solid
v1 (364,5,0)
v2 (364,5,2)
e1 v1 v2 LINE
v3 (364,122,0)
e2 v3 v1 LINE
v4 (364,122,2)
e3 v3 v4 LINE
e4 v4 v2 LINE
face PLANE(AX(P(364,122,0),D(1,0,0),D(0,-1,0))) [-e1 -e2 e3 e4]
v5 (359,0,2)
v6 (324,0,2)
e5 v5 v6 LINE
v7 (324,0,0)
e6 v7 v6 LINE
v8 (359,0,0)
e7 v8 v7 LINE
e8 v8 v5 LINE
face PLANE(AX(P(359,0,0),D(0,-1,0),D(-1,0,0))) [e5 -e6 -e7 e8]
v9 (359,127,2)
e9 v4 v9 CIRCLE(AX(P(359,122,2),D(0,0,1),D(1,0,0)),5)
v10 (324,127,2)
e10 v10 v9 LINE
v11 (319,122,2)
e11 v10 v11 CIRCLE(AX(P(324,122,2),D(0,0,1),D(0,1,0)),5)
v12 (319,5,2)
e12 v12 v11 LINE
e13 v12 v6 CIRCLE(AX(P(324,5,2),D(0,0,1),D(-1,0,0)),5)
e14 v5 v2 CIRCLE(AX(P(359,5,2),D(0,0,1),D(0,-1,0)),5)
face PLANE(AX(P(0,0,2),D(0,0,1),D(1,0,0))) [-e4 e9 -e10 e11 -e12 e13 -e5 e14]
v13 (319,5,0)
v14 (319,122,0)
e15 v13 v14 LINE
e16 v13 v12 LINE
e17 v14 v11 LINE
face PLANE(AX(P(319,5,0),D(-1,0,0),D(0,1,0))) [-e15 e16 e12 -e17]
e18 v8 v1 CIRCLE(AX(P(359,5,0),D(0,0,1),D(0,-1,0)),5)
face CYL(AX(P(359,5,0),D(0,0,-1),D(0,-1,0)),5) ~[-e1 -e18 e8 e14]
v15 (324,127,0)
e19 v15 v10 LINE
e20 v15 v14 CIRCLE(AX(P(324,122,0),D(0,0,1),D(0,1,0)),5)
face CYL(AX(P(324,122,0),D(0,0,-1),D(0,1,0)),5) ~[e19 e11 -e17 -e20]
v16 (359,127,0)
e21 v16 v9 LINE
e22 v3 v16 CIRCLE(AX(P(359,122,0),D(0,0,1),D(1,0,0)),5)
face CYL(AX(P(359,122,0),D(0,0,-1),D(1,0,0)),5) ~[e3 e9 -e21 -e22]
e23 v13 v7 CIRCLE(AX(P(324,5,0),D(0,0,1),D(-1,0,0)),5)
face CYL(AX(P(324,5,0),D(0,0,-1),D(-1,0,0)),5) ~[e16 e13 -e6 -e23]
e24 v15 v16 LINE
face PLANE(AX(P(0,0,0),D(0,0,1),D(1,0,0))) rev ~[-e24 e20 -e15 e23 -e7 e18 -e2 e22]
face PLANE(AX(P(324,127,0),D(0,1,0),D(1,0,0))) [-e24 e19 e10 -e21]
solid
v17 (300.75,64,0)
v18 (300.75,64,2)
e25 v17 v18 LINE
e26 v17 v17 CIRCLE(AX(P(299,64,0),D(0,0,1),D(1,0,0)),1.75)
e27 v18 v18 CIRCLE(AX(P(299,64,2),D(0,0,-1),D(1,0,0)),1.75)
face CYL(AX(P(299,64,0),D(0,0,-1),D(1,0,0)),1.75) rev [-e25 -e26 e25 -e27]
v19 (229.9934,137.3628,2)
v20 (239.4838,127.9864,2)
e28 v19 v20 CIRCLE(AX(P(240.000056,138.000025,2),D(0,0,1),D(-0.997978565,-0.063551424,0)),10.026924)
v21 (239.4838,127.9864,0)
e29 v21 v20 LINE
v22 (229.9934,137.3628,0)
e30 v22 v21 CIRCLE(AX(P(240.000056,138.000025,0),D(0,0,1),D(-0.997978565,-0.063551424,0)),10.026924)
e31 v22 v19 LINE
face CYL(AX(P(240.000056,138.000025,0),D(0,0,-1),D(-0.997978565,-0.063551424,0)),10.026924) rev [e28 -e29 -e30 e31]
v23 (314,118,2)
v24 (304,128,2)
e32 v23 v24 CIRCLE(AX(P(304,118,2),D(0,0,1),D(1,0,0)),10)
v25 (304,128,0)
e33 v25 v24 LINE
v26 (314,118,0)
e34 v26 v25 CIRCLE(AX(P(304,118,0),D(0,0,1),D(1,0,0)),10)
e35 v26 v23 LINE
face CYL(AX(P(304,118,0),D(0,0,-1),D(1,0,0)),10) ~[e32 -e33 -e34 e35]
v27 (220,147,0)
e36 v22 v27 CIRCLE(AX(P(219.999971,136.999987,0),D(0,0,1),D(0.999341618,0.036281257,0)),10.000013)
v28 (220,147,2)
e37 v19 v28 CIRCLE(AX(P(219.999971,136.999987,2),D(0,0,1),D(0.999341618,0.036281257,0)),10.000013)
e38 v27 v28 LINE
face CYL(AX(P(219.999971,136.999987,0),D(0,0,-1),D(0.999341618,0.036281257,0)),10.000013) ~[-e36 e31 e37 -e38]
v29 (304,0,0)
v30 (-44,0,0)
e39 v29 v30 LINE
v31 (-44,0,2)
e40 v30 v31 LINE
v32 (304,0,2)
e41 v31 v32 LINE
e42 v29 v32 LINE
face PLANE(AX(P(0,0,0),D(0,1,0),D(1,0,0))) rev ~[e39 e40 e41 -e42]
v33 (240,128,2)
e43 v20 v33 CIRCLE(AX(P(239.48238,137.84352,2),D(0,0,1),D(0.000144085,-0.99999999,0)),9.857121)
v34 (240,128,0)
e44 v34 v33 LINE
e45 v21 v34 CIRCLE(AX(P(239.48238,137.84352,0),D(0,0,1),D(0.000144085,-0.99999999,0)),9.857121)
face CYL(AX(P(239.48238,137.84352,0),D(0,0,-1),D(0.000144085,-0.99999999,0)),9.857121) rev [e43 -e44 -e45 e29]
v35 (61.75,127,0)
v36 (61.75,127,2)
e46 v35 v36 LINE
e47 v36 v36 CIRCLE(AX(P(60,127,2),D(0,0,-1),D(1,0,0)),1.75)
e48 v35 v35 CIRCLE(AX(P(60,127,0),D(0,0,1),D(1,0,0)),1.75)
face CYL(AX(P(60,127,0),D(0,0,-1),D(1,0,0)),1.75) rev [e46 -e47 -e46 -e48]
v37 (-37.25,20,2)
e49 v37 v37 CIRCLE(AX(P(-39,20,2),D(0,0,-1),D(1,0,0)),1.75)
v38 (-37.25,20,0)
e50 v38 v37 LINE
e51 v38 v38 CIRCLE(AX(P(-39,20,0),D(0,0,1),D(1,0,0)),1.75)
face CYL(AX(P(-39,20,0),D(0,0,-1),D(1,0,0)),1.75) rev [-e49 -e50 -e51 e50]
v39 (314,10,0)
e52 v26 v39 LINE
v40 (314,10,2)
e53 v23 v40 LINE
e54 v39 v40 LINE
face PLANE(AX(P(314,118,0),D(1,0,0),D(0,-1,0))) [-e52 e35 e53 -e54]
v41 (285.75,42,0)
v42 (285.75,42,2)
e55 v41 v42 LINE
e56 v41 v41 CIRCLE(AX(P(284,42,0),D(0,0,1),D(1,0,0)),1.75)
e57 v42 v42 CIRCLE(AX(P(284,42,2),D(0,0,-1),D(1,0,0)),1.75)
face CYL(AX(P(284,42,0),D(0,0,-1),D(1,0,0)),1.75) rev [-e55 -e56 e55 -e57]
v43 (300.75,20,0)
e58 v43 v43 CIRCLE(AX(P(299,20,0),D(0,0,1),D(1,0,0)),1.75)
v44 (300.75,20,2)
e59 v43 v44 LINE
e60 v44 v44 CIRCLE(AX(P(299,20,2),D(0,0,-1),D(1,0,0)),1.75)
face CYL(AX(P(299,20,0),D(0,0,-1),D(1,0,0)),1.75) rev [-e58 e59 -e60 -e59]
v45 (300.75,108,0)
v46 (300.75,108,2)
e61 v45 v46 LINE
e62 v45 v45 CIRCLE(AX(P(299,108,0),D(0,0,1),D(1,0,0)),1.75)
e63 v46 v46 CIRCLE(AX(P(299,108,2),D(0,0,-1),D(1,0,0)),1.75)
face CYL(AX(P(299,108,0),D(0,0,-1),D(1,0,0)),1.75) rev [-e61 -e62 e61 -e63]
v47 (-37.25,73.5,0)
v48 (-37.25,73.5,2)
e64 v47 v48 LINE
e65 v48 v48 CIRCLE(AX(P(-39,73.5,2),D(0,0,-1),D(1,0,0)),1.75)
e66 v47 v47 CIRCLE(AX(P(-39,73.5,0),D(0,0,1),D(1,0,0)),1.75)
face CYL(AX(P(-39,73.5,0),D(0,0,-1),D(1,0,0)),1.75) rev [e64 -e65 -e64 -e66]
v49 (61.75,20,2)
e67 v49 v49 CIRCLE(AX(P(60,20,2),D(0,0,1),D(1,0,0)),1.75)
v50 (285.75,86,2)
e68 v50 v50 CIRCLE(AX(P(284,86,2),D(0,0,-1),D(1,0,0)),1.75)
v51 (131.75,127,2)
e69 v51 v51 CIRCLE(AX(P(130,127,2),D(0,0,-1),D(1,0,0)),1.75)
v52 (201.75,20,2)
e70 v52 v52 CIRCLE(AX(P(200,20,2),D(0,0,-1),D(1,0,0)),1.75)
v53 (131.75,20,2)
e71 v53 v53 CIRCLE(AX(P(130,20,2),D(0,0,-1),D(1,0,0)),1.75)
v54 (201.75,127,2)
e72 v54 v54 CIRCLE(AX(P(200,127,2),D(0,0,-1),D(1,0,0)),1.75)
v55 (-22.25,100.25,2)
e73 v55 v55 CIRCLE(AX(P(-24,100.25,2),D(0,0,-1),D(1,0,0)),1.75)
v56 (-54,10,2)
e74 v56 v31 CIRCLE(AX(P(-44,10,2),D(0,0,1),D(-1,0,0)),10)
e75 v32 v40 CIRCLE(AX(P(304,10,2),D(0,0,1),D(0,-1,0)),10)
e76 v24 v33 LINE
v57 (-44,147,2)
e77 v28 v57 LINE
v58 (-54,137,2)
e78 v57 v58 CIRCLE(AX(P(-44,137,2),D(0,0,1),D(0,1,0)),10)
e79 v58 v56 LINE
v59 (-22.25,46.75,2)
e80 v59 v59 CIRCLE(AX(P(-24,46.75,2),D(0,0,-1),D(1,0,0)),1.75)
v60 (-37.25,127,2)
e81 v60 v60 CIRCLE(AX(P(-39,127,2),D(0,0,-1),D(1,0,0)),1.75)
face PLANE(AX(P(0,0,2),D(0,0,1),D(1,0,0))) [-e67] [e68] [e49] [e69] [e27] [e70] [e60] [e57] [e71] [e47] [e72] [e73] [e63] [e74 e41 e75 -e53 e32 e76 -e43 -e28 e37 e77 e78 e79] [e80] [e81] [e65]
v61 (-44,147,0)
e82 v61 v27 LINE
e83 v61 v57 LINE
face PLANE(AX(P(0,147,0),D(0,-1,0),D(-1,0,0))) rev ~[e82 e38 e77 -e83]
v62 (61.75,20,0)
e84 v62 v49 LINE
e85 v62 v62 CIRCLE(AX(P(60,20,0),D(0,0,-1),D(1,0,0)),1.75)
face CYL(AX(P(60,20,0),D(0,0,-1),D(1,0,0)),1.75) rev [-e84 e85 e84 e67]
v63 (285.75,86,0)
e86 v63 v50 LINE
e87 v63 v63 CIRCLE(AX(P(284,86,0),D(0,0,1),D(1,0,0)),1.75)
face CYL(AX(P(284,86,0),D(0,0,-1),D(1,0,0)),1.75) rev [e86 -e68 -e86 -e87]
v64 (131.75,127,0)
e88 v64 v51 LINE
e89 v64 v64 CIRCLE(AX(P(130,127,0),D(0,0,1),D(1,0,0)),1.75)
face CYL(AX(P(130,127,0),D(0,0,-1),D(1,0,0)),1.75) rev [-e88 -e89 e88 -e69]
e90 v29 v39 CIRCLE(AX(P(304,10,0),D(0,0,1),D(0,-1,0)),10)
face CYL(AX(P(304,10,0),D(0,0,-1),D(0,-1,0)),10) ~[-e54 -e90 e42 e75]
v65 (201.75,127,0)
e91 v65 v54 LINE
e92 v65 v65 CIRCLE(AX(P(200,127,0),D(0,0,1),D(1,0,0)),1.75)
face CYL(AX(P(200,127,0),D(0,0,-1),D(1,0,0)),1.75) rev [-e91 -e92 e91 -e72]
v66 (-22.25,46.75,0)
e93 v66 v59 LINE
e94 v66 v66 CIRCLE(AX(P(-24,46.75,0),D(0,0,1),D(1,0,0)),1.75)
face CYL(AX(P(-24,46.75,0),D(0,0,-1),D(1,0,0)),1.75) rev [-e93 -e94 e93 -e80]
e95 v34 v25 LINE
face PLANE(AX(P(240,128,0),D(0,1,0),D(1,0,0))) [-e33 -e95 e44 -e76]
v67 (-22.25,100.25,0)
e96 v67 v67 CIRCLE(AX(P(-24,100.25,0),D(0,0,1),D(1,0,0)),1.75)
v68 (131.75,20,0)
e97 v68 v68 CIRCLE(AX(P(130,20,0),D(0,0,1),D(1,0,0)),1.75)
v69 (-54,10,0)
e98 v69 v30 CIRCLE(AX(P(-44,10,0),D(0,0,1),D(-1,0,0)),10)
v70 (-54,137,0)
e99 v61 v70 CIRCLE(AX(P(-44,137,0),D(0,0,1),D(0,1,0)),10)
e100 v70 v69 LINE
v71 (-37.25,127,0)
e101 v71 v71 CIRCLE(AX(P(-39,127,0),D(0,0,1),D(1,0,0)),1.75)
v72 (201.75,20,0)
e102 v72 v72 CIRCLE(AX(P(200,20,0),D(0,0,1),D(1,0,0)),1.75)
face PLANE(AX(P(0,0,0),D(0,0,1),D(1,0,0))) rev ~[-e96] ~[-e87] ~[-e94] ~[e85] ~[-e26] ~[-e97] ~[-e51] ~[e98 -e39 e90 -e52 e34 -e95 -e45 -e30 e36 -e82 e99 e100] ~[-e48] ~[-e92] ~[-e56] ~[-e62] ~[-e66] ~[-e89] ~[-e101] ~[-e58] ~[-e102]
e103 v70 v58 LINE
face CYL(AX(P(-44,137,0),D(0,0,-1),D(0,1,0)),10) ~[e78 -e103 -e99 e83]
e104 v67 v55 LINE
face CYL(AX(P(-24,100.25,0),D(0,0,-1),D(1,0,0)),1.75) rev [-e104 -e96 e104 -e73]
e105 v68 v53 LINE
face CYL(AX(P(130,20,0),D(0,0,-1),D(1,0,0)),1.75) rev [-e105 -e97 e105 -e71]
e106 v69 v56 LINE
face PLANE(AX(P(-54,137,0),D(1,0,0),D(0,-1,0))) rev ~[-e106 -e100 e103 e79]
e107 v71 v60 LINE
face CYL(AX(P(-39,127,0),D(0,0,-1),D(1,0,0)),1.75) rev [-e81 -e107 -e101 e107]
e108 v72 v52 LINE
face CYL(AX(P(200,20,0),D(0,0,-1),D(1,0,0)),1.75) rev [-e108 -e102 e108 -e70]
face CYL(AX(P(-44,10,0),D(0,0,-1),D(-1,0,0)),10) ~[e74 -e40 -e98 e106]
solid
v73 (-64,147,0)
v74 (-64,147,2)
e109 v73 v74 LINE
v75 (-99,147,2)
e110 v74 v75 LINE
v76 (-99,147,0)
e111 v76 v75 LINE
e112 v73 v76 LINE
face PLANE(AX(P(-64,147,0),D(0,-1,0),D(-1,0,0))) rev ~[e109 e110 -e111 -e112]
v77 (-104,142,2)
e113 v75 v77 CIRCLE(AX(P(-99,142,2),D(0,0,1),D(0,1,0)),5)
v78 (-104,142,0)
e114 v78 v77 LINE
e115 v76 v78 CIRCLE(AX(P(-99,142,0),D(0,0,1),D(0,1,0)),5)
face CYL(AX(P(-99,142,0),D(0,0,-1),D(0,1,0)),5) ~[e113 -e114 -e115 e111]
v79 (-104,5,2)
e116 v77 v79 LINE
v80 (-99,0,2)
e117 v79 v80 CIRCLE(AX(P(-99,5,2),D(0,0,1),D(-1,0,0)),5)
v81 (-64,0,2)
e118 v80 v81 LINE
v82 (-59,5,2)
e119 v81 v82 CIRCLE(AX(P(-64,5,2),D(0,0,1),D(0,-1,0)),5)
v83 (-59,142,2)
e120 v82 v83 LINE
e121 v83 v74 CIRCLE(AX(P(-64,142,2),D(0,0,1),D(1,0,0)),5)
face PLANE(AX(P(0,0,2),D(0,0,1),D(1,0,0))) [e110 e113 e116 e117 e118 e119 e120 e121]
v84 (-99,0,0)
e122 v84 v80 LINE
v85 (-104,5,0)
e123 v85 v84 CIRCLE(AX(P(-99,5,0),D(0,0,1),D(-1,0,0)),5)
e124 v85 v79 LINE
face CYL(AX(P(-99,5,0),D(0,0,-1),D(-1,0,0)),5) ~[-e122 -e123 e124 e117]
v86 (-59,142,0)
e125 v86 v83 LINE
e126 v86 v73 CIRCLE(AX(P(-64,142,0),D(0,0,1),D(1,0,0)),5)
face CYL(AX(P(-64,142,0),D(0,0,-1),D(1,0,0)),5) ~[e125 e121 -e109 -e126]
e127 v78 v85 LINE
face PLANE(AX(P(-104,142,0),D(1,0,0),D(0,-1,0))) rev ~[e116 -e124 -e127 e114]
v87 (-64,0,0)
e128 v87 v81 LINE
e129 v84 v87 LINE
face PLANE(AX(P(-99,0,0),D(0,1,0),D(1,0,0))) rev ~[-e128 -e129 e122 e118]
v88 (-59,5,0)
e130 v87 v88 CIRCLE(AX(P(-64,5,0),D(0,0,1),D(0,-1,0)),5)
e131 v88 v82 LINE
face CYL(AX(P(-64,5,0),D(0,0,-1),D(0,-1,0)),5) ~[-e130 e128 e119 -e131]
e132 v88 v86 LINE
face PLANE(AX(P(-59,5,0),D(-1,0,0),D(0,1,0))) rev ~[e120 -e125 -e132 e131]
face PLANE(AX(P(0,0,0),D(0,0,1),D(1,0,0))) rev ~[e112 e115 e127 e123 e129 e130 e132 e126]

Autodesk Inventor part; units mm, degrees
ref_plane "YZ Plane" through (0, 0, 0) normal (1, 0, 0) x (0, 1, 0)
ref_plane "XZ Plane" through (0, 0, 0) normal (0, 1, 0) x (-1, 0, 0)
ref_plane "XY Plane" through (0, 0, 0) normal (0, 0, 1) x (1, 0, 0)
sketch "Sketch1" plane through (0, 0, 0) normal (0, 0, 1) x (1, 0, 0)
  line L0 (0, 0) -> (260, 0)
  line L1 (260, 0) -> (260, 128)
  line L2 (220, 147) -> (0, 147)
  line L3 (0, 147) -> (0, 0)
  circle A0 centre (240, 138) radius 8
  arc A1 (229.9934, 137.3628) -> (220, 147) centre (220, 137) ccw
  line L4 (260, 147) -> (260, 147)
  line L5 (240, 128) -> (260, 128)
  line L6 (0, 73.5) -> (260, 73.5)
  line L7 (60, 127) -> (200, 127)
  line L8 (200, 127) -> (200, 20)
  line L9 (200, 20) -> (60, 20)
  line L10 (60, 20) -> (60, 127)
  circle A2 centre (60, 127) radius 1.75
  circle A3 centre (200, 127) radius 1.75
  circle A4 centre (200, 20) radius 1.75
  circle A5 centre (60, 20) radius 1.75
  circle A6 centre (130, 127) radius 1.75
  circle A7 centre (130, 20) radius 1.75
  line L11 (260, 128) -> (264, 128)
  line L12 (264, 128) -> (264, 0)
  line L13 (264, 0) -> (260, 0)
  line L14 (260, 0) -> (260, 128)
  line L15 (0, 147) -> (-4, 147)
  line L16 (-4, 147) -> (-4, 0)
  line L17 (-4, 0) -> (0, 0)
  line L18 (0, 0) -> (0, 147)
  line L19 (-4, 147) -> (-44, 147)
  line L20 (-54, 137) -> (-54, 10)
  line L21 (-44, 0) -> (-4, 0)
  line L22 (-4, 0) -> (-4, 147)
  line L23 (264, 128) -> (304, 128)
  line L24 (314, 118) -> (314, 10)
  line L25 (304, 0) -> (264, 0)
  line L26 (264, 0) -> (264, 128)
  arc A8 (-44, 147) -> (-54, 137) centre (-44, 137) ccw
  arc A9 (-54, 10) -> (-44, 0) centre (-44, 10) ccw
  arc A10 (304, 0) -> (314, 10) centre (304, 10) ccw
  arc A11 (314, 118) -> (304, 128) centre (304, 118) ccw
  arc A12 (239.4838, 127.9864) -> (240, 128) centre (239.4816, 137.9024) ccw
  line L27 (299, 128) -> (299, 0)
  line L28 (284, 128) -> (284, 0)
  line L29 (-39, 147) -> (-39, 0)
  line L30 (-24, 147) -> (-24, 0)
  arc A13 (229.9934, 137.3628) -> (239.4838, 127.9864) centre (240, 138) ccw
  circle A14 centre (-39, 73.5) radius 1.75
  circle A15 centre (-39, 20) radius 1.75
  circle A16 centre (-39, 127) radius 1.75
  circle A17 centre (299, 108) radius 1.75
  circle A18 centre (299, 20) radius 1.75
  circle A19 centre (299, 64) radius 1.75
  circle A20 centre (284, 86) radius 1.75
  circle A21 centre (284, 42) radius 1.75
  circle A22 centre (-24, 100.25) radius 1.75
  circle A23 centre (-24, 46.75) radius 1.75
  line L31 (-64, 147) -> (-99, 147)
  line L32 (-104, 142) -> (-104, 5)
  line L33 (-99, 0) -> (-64, 0)
  line L34 (-59, 5) -> (-59, 142)
  line L35 (324, 127) -> (359, 127)
  line L36 (364, 122) -> (364, 5)
  line L37 (359, 0) -> (324, 0)
  line L38 (319, 5) -> (319, 122)
  arc A24 (364, 122) -> (359, 127) centre (359, 122) ccw
  arc A25 (324, 127) -> (319, 122) centre (324, 122) ccw
  arc A26 (319, 5) -> (324, 0) centre (324, 5) ccw
  arc A27 (359, 0) -> (364, 5) centre (359, 5) ccw
  arc A28 (-64, 0) -> (-59, 5) centre (-64, 5) ccw
  arc A29 (-104, 5) -> (-99, 0) centre (-99, 5) ccw
  arc A30 (-99, 147) -> (-104, 142) centre (-99, 142) ccw
  arc A31 (-59, 142) -> (-64, 147) centre (-64, 142) ccw
  point P0 (230, 135)
  point P1 (260, 67.5)
  point P2 (-54, 0)
  point P3 (314, 0)
  point P4 (-4, 0)
  point P5 (264, 0)
  point P6 (-4, 0)
  point P7 (264, 0)
  point P8 (-104, 0)
  point P9 (-59, 0)
  point P10 (364, 0)
  point P11 (319, 0)
  dimension "d2" = 16
  dimension "d3" = 20
  dimension "d4" = 138
  dimension "d6" = 260
  dimension "d7" = 147
  dimension "d8" = 10
  dimension "d11" = 19
  dimension "d16" = 20
  dimension "d17" = 20
  dimension "d18" = 60
  dimension "d19" = 60
  dimension "d20" = 3.5
  dimension "d21" = 3.5
  dimension "d22" = 3.5
  dimension "d23" = 3.5
  dimension "d24" = 140
  dimension "d25" = 107
  dimension "d26" = 3.5
  dimension "d27" = 3.5
  dimension "d29" = 70
  dimension "d30" = 4
  dimension "d31" = 4
  dimension "d32" = 50
  dimension "d33" = 50
  dimension "d34" = 10
  dimension "d35" = 368
  dimension "d37" = 15
  dimension "d38" = 15
  dimension "d39" = 15
  dimension "d40" = 15
  dimension "d41" = 3.5
  dimension "d42" = 73.5
  dimension "d43" = 3.5
  dimension "d44" = 3.5
  dimension "d45" = 3.5
  dimension "d46" = 3.5
  dimension "d47" = 20
  dimension "d48" = 20
  dimension "d49" = 3.5
  dimension "d50" = 3.5
  dimension "d51" = 3.5
  dimension "d52" = 3.5
  dimension "d53" = 53.5
  dimension "d54" = 26.75
  dimension "d55" = 26.75
  dimension "d58" = 20
  dimension "d59" = 45
  dimension "d60" = 45
  dimension "d62" = 5
  dimension "d63" = 5
  dimension "d66" = 5
  dimension "d67" = 5
  dimension "d68" = 3.5
  dimension "d69" = 128
  dimension "d70" = 64
  dimension "d71" = 44
  dimension "d72" = 22
  dimension "d73" = 22
extrude "Extrusion1" add sketch "Sketch1" along normal blind 2 contours L3 L6 L10 A5 L9 A7 A4 L8 L1 L0 | L17 L16 L15 L3 | L1 L11 L12 L13 | L3 L2 A1 A13 A12 L5 L1 L6 L8 A3 L7 A6 A2 L10 | L21 L30 A23 A22 L19 L16 | L12 L23 L28 A20 A21 L25 | L10 A2 L7 A6 A3 L8 L6 | L6 L8 A4 L9 A7 A5 L10 | L21 L29 A15 A14 A16 L19 L30 A22 A23 | L28 A21 A20 L23 L27 A17 A19 A18 L25 | L21 A9 L20 A8 L19 L29 A16 A14 A15 | L27 A18 A19 A17 L23 A11 L24 A10 L25
extrude "Extrusion2" add sketch "Sketch1" along normal blind 2 contours A31 L34 A28 L33 A29 L32 A30 L31 | L35 A24 L36 A27 L37 A26 L38 A25
properties part number "Coffee_Machine_Base"
